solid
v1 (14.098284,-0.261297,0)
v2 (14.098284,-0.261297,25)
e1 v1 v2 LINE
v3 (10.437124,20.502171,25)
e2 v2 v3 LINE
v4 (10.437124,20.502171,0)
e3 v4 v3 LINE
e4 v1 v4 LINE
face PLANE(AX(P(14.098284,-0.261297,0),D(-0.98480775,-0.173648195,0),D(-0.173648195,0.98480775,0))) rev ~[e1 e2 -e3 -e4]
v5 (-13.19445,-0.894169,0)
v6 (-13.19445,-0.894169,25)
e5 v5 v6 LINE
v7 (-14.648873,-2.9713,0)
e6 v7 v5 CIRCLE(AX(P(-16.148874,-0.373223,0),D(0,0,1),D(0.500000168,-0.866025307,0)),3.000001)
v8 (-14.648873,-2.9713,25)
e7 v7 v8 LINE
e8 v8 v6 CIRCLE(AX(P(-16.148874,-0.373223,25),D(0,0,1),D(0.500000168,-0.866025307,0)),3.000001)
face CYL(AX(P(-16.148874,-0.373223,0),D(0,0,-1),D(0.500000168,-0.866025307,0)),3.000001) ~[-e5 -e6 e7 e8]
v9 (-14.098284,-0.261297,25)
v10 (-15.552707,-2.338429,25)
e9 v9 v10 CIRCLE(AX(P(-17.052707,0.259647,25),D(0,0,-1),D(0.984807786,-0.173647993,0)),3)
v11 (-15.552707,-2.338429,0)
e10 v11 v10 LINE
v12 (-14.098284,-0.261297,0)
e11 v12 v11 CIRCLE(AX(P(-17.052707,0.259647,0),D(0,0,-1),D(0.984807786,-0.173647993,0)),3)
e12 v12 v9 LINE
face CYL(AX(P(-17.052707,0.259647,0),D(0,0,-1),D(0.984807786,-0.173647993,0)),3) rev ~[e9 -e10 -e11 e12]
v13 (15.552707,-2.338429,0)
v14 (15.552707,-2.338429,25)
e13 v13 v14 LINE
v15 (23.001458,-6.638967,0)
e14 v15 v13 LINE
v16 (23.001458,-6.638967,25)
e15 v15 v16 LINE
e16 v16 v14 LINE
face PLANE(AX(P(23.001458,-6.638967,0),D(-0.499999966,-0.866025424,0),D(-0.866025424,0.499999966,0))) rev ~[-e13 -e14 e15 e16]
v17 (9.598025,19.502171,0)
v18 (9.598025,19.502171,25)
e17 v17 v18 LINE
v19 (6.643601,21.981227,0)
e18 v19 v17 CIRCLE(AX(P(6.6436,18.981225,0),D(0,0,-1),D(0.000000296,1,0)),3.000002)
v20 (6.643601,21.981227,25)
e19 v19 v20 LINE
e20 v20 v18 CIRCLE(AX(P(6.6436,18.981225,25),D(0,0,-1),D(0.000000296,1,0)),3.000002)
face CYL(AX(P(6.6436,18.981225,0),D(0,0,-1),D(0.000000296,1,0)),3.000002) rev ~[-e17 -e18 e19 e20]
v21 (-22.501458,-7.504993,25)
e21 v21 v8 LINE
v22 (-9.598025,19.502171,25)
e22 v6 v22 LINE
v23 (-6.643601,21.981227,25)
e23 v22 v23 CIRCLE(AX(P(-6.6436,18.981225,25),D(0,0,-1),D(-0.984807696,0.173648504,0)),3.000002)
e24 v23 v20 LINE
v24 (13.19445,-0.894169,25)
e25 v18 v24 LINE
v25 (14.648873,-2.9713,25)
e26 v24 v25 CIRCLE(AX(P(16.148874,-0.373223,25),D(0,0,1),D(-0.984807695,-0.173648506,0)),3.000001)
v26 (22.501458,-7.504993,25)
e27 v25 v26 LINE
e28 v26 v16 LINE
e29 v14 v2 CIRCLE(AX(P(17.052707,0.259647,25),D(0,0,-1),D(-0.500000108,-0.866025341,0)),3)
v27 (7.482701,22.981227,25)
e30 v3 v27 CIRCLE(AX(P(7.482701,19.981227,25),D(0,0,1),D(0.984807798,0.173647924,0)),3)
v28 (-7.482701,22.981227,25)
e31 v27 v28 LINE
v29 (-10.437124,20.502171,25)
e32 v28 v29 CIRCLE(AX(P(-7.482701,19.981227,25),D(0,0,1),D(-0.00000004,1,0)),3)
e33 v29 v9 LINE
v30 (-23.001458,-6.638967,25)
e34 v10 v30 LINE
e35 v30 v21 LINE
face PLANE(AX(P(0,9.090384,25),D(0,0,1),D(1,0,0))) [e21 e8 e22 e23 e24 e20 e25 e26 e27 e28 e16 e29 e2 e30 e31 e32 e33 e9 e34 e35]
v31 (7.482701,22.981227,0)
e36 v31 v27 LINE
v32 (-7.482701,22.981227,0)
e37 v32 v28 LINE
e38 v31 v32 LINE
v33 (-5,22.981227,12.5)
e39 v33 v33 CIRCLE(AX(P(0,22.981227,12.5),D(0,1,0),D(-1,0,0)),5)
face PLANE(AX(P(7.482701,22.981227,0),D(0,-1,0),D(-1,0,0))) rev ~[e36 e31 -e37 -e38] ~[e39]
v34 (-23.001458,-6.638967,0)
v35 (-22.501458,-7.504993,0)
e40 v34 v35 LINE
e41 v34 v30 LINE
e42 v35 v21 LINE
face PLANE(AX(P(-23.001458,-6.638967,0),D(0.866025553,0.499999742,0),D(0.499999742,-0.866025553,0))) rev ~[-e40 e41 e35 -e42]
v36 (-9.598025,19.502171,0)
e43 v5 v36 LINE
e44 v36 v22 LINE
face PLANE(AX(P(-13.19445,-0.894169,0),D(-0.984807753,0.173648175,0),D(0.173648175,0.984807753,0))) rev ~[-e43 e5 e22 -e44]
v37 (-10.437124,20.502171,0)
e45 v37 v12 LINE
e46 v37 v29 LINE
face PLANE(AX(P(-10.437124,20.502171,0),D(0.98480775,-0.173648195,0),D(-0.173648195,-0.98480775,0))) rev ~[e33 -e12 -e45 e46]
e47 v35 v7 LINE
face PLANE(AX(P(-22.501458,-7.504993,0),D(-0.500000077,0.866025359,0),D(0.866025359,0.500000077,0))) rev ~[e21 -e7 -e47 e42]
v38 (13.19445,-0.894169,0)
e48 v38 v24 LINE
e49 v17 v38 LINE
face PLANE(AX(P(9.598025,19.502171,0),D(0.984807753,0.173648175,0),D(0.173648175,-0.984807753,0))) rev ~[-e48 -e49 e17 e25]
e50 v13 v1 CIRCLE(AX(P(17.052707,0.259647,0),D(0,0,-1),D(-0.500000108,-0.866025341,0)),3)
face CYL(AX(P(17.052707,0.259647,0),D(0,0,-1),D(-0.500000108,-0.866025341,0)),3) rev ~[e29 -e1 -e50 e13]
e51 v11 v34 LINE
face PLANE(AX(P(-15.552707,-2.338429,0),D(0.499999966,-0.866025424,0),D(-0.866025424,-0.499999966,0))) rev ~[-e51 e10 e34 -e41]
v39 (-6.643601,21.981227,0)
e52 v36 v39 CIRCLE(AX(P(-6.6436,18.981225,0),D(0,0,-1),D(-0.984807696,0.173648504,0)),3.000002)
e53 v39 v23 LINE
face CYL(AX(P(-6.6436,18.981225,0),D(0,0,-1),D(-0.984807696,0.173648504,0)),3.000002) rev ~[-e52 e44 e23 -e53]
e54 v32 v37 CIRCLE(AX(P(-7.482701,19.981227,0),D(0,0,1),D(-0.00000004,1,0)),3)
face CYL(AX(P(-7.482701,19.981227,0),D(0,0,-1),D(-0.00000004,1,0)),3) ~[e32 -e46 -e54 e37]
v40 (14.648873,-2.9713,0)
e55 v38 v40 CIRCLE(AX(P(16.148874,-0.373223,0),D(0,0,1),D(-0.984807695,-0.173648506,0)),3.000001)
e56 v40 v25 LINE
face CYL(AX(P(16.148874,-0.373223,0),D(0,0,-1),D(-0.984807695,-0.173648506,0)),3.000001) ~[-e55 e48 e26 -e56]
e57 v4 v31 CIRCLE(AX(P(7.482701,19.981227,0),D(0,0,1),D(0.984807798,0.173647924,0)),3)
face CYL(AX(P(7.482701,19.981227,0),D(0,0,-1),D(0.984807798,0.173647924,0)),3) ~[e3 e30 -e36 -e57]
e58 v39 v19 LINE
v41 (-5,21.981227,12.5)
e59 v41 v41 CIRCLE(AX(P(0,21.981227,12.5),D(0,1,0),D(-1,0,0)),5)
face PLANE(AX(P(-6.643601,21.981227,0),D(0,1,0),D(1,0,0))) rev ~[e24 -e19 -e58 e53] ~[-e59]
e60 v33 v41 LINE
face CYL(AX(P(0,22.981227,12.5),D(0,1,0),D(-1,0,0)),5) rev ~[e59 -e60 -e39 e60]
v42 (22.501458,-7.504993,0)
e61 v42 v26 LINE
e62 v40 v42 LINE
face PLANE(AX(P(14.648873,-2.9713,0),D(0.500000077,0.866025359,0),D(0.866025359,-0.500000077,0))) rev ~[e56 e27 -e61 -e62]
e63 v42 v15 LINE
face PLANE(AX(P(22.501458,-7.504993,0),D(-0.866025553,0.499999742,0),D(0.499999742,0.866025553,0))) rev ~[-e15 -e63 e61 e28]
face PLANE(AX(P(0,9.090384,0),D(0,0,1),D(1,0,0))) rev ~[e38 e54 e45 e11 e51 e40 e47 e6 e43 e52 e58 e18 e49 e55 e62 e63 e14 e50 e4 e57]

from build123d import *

# Parameters (mm, degrees)
F1_DEPTH = 25
F2_R     = 5
F3_DEPTH = 25


with BuildPart() as f1:
    # F0 (on Top) → F1 (new body)
    with BuildSketch(Plane.XY):
        with BuildLine():
            Line((7.482701, 22.981227), (0, 22.981227))
            Line((0, 22.981227), (-7.482701, 22.981227))
            ThreePointArc((-7.482701, 22.981227), (-9.411064, 22.27936), (-10.437124, 20.502171))
            Line((-10.437124, 20.502171), (-14.098284, -0.261297))
            ThreePointArc((-14.098284, -0.261297), (-14.595251, -1.461082), (-15.552707, -2.338429))
            Line((-15.552707, -2.338429), (-23.001458, -6.638967))
            Line((-23.001458, -6.638967), (-22.501458, -7.504993))
            Line((-22.501458, -7.504993), (-14.648873, -2.9713))
            ThreePointArc((-14.648873, -2.9713), (-13.691417, -2.093953), (-13.19445, -0.894169))
            Line((-13.19445, -0.894169), (-9.598025, 19.502171))
            ThreePointArc((-9.598025, 19.502171), (-8.571964, 21.27936), (-6.643601, 21.981227))
            Line((-6.643601, 21.981227), (0, 21.981227))
            Line((0, 21.981227), (6.643601, 21.981227))
            ThreePointArc((6.643601, 21.981227), (8.571964, 21.27936), (9.598025, 19.502171))
            Line((9.598025, 19.502171), (13.19445, -0.894169))
            ThreePointArc((13.19445, -0.894169), (13.691417, -2.093953), (14.648873, -2.9713))
            Line((14.648873, -2.9713), (22.501458, -7.504993))
            Line((22.501458, -7.504993), (23.001458, -6.638967))
            Line((23.001458, -6.638967), (15.552707, -2.338429))
            ThreePointArc((15.552707, -2.338429), (14.595251, -1.461082), (14.098284, -0.261297))
            Line((14.098284, -0.261297), (10.437124, 20.502171))
            ThreePointArc((10.437124, 20.502171), (9.411064, 22.27936), (7.482701, 22.981227))
        make_face()
    extrude(amount=F1_DEPTH)

    # F2 (on face) → F3 (cut)
    with BuildSketch(Plane(origin=(0, 22.981227, 0), x_dir=(-1, 0, 0), z_dir=(0, 1, 0))):
        with Locations((0, 12.5)):
            Circle(F2_R)
    extrude(amount=-F3_DEPTH, mode=Mode.SUBTRACT)


solid = f1.part
